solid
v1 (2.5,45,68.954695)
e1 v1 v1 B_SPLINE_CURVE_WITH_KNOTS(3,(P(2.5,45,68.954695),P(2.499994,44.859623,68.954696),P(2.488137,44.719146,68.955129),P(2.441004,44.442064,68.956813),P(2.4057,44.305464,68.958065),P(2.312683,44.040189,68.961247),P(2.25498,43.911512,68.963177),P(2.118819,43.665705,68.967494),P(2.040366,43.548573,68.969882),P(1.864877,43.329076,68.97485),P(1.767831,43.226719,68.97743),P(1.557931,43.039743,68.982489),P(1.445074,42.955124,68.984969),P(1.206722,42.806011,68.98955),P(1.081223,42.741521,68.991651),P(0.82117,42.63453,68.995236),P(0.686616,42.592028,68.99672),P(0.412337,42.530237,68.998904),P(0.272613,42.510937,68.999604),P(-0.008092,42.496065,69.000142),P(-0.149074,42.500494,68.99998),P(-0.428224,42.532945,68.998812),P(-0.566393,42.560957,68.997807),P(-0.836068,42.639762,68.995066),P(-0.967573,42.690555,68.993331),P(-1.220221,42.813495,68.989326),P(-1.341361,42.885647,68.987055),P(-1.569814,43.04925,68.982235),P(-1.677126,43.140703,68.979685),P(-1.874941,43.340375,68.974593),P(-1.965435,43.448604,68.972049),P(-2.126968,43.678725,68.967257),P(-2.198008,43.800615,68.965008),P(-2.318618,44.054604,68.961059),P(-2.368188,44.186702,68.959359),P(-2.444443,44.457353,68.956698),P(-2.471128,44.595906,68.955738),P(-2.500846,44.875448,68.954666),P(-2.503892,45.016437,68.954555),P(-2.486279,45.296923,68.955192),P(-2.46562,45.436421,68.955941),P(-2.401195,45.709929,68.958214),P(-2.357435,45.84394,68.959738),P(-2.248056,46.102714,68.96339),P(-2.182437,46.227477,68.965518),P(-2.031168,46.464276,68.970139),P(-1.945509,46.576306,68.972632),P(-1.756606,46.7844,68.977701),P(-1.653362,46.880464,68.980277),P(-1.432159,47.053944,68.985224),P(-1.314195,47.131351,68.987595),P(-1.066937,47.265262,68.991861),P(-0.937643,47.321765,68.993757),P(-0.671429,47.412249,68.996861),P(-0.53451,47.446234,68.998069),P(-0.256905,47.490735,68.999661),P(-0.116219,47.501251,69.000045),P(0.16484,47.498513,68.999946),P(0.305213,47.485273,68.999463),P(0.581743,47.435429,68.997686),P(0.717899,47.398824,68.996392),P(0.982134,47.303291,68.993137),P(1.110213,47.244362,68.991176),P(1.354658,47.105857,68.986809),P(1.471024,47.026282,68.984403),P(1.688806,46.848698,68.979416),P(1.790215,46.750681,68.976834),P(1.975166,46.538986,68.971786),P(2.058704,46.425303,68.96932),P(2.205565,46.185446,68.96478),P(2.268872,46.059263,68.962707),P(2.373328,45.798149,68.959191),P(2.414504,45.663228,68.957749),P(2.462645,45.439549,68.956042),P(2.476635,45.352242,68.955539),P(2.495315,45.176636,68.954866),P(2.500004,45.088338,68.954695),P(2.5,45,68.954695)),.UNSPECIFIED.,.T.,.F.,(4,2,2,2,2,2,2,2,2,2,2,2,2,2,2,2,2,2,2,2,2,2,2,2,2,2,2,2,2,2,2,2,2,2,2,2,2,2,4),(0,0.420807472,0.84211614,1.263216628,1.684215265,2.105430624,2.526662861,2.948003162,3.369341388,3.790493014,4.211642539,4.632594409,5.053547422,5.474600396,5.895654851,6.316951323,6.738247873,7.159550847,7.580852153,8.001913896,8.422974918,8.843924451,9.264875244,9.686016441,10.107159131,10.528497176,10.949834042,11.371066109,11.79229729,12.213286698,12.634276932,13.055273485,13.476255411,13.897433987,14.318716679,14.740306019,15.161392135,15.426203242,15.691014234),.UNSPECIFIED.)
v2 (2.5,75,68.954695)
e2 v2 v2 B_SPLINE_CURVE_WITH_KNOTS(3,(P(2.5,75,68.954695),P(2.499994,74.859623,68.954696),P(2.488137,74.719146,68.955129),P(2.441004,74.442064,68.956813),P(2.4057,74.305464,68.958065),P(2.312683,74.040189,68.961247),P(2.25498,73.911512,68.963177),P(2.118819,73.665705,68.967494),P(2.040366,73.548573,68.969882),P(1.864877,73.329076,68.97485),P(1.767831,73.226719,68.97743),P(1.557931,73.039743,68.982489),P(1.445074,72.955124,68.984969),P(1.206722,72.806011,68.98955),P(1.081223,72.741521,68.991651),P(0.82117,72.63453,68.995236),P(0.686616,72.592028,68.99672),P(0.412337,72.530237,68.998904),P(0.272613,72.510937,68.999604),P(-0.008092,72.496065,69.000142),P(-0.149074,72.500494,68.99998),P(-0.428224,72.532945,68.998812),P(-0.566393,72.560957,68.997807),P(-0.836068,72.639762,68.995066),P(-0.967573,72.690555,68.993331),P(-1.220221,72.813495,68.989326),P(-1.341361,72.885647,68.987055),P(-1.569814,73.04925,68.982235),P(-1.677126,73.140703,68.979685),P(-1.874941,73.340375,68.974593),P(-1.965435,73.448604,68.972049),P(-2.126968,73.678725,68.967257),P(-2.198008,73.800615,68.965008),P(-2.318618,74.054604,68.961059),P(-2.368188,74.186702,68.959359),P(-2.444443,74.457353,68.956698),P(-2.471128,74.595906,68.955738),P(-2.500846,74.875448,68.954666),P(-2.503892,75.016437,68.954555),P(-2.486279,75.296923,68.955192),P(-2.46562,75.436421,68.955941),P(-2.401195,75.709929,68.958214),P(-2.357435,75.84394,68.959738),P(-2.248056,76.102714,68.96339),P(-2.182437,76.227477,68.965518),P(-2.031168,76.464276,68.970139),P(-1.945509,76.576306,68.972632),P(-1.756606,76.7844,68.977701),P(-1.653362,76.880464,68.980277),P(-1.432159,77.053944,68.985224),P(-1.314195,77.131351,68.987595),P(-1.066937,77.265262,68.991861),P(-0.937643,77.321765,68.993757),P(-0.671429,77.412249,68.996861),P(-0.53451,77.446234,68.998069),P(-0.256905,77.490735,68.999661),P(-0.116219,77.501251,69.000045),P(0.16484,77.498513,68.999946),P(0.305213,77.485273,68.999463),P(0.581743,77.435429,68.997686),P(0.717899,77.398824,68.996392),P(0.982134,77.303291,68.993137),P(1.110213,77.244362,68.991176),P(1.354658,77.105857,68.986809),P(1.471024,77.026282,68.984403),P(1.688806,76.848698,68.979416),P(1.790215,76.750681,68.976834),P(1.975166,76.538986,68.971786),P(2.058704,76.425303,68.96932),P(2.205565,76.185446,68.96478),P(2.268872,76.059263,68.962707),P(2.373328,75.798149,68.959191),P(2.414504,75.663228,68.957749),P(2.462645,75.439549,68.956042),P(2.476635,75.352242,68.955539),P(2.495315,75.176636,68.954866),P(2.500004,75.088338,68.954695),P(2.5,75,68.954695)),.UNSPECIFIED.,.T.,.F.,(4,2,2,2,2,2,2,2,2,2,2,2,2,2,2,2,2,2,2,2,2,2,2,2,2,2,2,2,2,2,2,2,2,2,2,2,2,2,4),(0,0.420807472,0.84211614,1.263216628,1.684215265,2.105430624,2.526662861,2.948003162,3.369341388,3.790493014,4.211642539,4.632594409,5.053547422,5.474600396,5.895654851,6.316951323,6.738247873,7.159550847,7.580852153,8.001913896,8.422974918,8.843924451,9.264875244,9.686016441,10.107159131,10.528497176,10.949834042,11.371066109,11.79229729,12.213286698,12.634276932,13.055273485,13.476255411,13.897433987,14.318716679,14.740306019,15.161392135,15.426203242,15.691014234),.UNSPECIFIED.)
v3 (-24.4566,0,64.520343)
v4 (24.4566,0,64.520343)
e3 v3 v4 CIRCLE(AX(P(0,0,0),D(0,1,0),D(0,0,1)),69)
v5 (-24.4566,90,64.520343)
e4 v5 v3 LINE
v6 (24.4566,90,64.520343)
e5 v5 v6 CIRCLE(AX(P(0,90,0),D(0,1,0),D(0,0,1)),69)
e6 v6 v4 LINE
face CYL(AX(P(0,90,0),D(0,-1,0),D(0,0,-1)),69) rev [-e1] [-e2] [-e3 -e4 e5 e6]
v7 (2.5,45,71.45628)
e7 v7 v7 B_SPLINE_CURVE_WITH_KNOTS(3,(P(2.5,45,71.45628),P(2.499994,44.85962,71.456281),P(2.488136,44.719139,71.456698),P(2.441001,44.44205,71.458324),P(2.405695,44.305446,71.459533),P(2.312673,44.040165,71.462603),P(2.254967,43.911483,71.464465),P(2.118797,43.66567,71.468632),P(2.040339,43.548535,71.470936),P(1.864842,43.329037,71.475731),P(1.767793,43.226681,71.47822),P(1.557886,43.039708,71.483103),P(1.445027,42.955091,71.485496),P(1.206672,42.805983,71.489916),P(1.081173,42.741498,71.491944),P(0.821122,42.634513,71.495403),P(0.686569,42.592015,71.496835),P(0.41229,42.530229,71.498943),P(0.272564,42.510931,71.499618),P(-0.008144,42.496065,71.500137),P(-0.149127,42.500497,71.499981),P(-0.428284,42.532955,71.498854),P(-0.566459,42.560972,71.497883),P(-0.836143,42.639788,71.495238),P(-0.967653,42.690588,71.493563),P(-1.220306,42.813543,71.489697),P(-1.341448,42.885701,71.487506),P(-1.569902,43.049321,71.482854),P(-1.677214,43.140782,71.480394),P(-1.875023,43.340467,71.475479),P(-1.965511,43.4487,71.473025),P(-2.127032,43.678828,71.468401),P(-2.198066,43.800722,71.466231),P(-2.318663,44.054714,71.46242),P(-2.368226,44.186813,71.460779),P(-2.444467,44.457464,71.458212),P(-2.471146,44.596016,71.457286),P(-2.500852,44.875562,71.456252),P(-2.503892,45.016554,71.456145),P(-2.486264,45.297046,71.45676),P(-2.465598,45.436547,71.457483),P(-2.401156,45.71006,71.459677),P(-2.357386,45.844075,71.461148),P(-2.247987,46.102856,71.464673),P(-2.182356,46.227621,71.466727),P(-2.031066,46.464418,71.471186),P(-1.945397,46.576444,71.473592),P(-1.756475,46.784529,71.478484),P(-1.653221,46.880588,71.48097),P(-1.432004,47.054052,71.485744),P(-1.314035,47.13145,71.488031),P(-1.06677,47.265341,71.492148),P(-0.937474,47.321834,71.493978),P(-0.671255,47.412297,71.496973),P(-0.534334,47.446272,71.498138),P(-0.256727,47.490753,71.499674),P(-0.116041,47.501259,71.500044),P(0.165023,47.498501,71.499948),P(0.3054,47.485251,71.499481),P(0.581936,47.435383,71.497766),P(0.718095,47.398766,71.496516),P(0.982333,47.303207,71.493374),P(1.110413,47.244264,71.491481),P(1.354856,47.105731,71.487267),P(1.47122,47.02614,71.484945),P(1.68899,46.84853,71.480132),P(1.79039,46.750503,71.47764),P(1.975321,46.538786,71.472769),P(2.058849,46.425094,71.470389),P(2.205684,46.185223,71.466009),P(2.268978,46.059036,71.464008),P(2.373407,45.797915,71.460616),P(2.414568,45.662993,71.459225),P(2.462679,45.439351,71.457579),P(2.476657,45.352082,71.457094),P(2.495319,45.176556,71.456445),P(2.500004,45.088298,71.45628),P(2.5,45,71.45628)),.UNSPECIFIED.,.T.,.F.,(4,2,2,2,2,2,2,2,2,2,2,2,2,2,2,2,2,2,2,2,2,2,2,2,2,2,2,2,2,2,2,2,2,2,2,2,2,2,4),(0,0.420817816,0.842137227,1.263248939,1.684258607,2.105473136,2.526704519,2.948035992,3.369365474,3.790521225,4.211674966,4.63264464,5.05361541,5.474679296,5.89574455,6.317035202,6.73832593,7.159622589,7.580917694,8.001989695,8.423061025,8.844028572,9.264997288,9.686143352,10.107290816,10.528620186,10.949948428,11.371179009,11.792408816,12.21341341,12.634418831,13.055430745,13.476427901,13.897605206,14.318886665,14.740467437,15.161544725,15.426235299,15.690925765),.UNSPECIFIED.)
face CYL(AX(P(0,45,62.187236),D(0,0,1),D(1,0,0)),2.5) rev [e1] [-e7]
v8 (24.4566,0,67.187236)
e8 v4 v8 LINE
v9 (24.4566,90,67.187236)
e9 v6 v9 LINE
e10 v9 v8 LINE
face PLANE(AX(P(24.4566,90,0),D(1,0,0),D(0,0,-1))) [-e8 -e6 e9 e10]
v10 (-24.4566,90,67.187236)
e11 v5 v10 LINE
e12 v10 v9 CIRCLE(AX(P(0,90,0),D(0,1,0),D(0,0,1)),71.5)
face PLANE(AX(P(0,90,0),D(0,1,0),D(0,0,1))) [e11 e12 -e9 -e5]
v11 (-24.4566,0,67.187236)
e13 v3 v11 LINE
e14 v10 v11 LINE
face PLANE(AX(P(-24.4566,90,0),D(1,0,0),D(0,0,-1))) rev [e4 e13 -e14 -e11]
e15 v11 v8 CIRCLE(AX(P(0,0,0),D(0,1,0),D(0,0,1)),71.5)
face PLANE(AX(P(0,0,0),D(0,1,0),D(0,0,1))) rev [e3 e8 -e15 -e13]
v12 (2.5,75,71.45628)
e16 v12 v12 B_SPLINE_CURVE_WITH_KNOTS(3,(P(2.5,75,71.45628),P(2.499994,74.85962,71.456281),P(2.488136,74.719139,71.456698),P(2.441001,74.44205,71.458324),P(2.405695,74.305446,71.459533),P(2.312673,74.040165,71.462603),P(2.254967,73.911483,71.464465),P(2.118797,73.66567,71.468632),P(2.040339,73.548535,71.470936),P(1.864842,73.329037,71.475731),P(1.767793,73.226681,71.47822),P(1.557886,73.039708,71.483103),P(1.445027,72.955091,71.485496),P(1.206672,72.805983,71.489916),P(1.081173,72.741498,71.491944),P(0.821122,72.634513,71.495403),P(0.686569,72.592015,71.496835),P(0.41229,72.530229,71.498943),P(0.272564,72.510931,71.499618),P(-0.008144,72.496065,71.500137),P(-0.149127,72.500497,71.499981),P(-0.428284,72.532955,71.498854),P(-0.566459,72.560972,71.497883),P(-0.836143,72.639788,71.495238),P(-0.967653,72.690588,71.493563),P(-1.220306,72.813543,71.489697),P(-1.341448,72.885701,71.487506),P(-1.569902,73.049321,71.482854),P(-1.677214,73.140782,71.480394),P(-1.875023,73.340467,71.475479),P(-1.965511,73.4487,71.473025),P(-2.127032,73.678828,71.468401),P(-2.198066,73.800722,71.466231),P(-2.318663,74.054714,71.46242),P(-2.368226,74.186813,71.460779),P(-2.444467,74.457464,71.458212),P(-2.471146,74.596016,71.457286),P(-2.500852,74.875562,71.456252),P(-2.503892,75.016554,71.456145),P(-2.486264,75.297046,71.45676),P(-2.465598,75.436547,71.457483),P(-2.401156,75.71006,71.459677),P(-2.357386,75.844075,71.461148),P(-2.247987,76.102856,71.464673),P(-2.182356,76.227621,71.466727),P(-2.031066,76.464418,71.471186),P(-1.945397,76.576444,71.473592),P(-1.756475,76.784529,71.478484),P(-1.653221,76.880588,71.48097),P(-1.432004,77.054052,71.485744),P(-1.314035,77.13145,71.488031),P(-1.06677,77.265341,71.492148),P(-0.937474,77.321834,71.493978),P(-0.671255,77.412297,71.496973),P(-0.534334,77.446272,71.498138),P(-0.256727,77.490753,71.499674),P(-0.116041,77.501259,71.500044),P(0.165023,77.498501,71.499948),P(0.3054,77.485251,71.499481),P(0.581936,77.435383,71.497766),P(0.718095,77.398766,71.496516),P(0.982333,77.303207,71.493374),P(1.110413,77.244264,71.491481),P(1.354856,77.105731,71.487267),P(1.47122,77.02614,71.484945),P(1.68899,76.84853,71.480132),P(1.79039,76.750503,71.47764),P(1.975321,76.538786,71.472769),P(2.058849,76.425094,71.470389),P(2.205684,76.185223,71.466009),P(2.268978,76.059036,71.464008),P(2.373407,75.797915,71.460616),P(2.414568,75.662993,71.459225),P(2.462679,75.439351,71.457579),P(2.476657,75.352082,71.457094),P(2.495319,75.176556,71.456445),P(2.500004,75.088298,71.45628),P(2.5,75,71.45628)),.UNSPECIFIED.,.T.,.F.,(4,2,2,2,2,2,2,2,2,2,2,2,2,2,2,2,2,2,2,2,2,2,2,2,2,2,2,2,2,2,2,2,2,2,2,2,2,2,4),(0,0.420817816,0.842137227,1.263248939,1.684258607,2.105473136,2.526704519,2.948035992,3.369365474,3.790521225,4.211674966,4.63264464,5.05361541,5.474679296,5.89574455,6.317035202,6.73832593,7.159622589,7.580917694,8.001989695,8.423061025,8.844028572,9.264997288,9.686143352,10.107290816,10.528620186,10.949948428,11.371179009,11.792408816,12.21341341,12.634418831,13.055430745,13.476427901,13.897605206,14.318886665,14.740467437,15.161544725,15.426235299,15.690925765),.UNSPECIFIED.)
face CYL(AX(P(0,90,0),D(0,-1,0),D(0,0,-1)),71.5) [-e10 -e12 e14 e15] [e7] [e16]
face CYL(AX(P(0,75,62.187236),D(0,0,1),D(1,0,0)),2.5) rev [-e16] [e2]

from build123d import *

# Parameters (mm, degrees)
BOSS_EXTRUDE9_DEPTH = 90
SKETCH17_R          = 2.5
CUT_EXTRUDE1_DEPTH  = 5


with BuildPart() as part:
    # Sketch1 → Boss-Extrude9 (new body)
    with BuildSketch(Plane(origin=(0, 0, 0), x_dir=(1, 0, 0), z_dir=(0, 1, 0))):
        with BuildLine():
            ThreePointArc((-10, -68.271516755), (-17.330093713, -66.788231388), (-24.456600104, -64.520343391))
            Line((-24.456600104, -64.520343391), (-24.456600104, -67.187236223))
            ThreePointArc((-24.456600104, -67.187236223), (0, -71.5), (24.456600104, -67.187236223))
            Line((24.456600104, -67.187236223), (24.456600104, -64.520343391))
            ThreePointArc((24.456600104, -64.520343391), (17.330093713, -66.788231388), (10, -68.271516755))
            ThreePointArc((10, -68.271516755), (0, -69), (-10, -68.271516755))
        make_face()
    extrude(amount=BOSS_EXTRUDE9_DEPTH)

    # Sketch17 → Cut-Extrude1 (cut, symmetric)
    with BuildSketch(Plane.XY.offset(67.187236223)):
        with Locations((0, 75)):
            Circle(SKETCH17_R)
        with Locations((0, 45)):
            Circle(SKETCH17_R)
    extrude(amount=CUT_EXTRUDE1_DEPTH, both=True, mode=Mode.SUBTRACT)


solid = part.part
